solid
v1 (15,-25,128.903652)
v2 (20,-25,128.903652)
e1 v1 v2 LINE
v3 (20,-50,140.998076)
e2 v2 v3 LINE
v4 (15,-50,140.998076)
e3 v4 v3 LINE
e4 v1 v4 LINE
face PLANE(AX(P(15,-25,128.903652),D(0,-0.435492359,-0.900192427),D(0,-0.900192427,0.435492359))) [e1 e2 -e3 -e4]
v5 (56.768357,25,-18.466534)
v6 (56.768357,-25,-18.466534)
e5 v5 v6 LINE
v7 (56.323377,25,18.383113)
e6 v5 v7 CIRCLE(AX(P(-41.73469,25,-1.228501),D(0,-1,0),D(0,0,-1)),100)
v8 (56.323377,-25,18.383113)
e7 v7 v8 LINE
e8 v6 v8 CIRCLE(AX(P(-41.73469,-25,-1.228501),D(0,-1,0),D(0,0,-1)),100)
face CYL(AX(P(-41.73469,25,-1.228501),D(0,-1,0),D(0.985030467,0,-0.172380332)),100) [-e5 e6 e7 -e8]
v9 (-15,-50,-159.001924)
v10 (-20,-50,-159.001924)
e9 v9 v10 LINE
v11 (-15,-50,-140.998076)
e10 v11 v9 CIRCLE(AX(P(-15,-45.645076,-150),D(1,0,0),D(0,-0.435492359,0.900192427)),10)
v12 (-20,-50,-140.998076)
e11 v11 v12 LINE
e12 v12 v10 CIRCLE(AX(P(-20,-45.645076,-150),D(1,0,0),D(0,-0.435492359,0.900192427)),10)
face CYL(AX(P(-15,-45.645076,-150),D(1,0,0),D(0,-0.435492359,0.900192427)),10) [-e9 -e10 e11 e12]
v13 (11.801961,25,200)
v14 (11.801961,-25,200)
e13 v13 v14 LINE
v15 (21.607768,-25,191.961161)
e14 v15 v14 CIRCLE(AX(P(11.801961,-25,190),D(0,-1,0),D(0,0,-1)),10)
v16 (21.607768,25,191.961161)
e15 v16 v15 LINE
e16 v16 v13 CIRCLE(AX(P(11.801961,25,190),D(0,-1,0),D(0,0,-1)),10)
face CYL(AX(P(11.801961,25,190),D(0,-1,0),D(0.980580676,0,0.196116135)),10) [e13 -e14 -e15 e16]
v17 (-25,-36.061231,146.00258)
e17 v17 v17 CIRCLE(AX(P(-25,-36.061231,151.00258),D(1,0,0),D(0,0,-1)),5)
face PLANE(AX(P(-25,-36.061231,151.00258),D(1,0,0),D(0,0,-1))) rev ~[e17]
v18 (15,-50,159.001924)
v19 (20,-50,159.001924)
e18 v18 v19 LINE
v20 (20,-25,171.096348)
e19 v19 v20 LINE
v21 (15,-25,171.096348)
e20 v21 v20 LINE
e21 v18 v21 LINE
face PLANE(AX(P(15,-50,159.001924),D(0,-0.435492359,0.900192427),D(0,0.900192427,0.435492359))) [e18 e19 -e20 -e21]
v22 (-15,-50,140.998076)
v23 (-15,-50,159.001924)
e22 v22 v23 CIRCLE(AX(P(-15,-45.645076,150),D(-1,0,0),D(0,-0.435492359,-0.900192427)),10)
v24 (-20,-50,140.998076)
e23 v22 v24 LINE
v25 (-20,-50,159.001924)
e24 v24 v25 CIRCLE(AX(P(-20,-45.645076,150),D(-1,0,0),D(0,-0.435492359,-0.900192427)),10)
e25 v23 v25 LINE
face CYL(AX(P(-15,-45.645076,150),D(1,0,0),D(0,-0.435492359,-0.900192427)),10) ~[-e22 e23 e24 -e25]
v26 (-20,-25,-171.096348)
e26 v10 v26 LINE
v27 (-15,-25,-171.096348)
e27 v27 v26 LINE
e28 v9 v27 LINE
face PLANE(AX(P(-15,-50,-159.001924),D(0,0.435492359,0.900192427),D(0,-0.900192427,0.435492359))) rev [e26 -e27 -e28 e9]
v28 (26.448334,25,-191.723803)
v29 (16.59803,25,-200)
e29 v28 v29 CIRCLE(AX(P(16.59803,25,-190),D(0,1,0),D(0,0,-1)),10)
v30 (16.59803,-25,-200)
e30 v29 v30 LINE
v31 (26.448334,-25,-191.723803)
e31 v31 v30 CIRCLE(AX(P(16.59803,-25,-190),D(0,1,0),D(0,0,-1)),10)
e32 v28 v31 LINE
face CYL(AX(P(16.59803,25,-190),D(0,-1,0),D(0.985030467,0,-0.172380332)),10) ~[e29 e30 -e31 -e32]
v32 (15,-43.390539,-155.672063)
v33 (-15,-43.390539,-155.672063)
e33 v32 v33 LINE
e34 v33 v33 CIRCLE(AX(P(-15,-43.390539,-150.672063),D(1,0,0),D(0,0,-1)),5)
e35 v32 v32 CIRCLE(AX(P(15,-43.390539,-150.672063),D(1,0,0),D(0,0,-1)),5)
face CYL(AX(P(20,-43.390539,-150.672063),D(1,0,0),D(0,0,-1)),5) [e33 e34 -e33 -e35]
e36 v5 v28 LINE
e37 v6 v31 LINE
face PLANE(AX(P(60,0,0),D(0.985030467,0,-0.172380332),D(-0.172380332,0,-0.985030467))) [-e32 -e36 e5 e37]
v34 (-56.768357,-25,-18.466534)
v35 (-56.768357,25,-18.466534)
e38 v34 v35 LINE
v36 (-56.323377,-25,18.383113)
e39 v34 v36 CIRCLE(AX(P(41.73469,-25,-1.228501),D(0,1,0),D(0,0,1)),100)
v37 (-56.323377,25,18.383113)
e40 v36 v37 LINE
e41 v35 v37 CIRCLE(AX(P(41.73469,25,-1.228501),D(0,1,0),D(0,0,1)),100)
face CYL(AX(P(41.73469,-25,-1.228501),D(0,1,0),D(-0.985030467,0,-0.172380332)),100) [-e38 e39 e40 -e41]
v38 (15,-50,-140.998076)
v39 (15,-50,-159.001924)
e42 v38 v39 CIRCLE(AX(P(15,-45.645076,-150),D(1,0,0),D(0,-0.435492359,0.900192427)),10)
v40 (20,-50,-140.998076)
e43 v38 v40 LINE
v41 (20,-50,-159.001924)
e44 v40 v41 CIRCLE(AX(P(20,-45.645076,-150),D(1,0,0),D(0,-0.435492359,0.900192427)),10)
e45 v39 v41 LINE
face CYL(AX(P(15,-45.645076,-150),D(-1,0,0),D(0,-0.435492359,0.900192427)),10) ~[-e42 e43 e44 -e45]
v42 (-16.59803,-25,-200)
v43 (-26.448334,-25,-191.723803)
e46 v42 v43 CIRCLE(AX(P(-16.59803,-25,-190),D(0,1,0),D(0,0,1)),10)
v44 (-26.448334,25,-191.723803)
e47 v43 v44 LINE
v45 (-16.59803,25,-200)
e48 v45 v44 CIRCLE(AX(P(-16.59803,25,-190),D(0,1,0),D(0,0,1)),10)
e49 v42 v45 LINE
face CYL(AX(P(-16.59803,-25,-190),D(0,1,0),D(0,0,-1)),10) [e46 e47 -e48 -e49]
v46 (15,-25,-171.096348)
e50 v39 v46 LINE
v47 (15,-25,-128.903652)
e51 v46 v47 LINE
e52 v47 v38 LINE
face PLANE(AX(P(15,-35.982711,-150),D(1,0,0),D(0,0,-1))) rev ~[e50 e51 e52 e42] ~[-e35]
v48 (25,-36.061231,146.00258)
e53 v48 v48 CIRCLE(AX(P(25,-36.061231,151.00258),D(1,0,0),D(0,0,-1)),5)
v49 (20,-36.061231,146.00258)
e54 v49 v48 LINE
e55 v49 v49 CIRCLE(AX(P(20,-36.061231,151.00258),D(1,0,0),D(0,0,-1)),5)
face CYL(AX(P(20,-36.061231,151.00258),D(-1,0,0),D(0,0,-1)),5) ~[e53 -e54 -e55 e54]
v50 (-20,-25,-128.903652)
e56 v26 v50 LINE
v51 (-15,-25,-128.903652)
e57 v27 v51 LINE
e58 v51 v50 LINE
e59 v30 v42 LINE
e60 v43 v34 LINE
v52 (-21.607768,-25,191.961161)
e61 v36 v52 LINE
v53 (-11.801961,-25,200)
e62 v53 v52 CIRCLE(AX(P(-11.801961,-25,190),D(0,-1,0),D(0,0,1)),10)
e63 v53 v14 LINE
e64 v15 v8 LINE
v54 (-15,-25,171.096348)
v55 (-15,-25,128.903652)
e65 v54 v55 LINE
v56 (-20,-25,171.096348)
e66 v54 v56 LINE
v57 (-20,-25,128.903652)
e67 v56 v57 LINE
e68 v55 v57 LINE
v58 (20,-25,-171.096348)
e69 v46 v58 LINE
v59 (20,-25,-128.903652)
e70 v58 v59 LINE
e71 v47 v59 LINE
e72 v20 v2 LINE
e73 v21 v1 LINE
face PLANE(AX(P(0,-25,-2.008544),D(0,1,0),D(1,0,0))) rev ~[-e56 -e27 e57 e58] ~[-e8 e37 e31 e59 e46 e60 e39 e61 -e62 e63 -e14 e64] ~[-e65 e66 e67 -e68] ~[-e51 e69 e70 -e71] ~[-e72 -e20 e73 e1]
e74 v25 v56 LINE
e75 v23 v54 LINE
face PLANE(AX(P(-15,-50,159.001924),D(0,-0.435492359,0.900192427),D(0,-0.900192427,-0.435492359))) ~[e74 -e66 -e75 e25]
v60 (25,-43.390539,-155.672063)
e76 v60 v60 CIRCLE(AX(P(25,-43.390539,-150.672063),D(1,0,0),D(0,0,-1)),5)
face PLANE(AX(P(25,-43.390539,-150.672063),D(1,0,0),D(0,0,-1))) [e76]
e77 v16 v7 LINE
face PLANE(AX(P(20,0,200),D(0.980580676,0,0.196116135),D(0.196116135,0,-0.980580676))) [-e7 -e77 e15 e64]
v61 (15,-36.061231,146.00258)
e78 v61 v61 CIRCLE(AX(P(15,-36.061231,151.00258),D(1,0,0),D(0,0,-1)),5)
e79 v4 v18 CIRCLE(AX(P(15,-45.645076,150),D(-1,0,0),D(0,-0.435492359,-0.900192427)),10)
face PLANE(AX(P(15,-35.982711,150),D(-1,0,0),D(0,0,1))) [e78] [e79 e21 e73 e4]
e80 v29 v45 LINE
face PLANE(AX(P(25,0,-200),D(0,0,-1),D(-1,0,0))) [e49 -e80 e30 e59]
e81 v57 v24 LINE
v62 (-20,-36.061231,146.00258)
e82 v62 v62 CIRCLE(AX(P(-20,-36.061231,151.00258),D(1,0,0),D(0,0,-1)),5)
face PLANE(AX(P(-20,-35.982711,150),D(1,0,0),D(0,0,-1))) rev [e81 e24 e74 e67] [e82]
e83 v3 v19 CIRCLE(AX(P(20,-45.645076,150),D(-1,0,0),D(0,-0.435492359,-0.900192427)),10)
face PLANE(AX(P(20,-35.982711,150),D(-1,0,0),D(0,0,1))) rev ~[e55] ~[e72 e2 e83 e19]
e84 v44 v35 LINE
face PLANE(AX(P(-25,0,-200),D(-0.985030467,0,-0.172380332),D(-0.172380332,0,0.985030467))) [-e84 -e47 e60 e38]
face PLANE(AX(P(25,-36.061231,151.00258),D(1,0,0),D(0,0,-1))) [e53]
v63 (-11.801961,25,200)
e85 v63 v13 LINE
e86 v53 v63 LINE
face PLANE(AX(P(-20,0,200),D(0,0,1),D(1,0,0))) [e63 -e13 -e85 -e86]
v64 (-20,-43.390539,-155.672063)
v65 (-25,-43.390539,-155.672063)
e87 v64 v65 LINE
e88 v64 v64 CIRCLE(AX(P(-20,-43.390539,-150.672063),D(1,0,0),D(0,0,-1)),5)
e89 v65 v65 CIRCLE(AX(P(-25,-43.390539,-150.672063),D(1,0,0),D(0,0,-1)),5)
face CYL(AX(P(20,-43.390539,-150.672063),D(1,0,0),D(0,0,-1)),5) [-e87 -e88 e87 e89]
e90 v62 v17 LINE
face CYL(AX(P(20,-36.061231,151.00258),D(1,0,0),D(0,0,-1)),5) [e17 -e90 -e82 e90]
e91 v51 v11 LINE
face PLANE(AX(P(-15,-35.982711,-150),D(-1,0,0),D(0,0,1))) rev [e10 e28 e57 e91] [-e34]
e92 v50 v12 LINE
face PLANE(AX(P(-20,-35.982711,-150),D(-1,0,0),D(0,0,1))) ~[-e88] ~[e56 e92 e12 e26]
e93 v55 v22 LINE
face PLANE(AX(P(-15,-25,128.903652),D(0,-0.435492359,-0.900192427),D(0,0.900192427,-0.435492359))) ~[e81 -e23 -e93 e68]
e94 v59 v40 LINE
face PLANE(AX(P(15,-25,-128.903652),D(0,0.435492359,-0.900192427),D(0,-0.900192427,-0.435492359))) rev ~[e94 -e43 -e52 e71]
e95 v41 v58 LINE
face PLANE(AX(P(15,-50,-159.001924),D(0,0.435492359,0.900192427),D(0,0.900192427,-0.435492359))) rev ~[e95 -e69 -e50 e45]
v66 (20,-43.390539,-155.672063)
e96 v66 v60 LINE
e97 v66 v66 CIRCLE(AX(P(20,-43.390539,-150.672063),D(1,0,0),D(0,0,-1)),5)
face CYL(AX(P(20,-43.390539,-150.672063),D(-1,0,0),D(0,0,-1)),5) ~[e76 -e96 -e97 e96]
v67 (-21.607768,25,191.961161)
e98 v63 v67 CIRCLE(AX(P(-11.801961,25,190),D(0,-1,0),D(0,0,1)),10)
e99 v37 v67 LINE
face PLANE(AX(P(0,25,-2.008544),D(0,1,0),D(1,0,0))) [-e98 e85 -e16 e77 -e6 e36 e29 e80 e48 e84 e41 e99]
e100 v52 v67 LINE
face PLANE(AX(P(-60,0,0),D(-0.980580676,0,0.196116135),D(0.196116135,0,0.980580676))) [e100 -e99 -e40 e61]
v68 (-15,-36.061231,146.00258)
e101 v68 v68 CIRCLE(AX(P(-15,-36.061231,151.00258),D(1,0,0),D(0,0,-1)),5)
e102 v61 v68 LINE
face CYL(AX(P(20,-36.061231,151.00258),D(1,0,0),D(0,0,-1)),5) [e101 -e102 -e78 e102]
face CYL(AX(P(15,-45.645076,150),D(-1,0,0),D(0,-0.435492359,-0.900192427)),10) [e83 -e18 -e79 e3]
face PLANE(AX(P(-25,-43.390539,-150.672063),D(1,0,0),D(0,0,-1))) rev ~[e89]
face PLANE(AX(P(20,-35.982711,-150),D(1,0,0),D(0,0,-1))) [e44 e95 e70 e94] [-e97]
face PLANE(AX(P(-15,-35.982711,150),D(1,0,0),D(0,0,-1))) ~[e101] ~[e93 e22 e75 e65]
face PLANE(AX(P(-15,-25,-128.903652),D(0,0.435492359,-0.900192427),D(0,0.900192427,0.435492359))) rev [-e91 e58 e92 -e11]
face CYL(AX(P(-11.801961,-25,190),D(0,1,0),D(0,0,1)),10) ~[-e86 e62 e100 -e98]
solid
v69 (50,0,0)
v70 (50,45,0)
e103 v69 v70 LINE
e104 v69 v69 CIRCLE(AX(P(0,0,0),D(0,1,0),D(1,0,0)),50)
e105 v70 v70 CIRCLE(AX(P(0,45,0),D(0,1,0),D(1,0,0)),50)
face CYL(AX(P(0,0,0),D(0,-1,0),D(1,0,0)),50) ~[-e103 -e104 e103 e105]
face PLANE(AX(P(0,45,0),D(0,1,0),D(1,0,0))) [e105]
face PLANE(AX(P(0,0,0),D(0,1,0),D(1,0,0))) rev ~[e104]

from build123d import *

# Parameters (mm, degrees)
BOSS_EXTRUDE1_DEPTH      = 25
BOSS_EXTRUDE1_DEPTH_BACK = 25
SKETCH3_R                = 50
BOSS_EXTRUDE2_DEPTH      = 45
BOSS_EXTRUDE3_DEPTH      = 5
FILLET1_R                = 100
FILLET3_R                = 10
BOSS_EXTRUDE4_DEPTH      = 5
BOSS_EXTRUDE4_DEPTH_BACK = 45
SKETCH7_R                = 5
BOSS_EXTRUDE5_DEPTH      = 5
BOSS_EXTRUDE5_DEPTH_BACK = 45
SKETCH8_R                = 5


with BuildPart() as part:
    # Sketch2 → Boss-Extrude1 (new, two sides: drawn at the far end of the back side and taken through both)
    with BuildSketch(Plane(origin=(0, 0, 0), x_dir=(1, 0, 0), z_dir=(0, 1, 0)).offset(-BOSS_EXTRUDE1_DEPTH_BACK)):
        Polygon((25, 200), (-25, 200), (-60, 0), (-20, -200), (20, -200), (60, 0), align=None)
    extrude(amount=BOSS_EXTRUDE1_DEPTH + BOSS_EXTRUDE1_DEPTH_BACK)

    # Sketch6 → Boss-Extrude3 (add)
    with BuildSketch(Plane(origin=(15, 0, 0), x_dir=(0, 0, -1), z_dir=(1, 0, 0))):
        with BuildLine():
            Line((128.903651647, -25), (140.998075731, -50))
            ThreePointArc((140.998075731, -50), (150, -55.645076413), (159.001924269, -50))
            Line((159.001924269, -50), (171.096348353, -25))
            Line((171.096348353, -25), (128.903651647, -25))
        make_face()
        with BuildLine():
            Line((-128.903651647, -25), (-140.998075731, -50))
            ThreePointArc((-140.998075731, -50), (-150, -55.645076413), (-159.001924269, -50))
            Line((-159.001924269, -50), (-171.096348353, -25))
            Line((-171.096348353, -25), (-128.903651647, -25))
        make_face()
    boss_extrude3 = extrude(amount=BOSS_EXTRUDE3_DEPTH)

    # Mirror2: Boss-Extrude3 across plane
    add(boss_extrude3.mirror(Plane(origin=(0, 0, 0), x_dir=(0, 0, 1), z_dir=(1, 0, 0))))

    # Fillet1
    fillet1_edges = [part.edges().sort_by_distance(p)[0] for p in [
        (60, 0, 0),
        (-60, 0, 0),
    ]]
    fillet(fillet1_edges, radius=FILLET1_R)

    # Fillet3
    fillet3_edges = [part.edges().sort_by_distance(p)[0] for p in [
        (20, 0, 200),
        (-20, 0, 200),
        (25, 0, -200),
        (-25, 0, -200),
    ]]
    fillet(fillet3_edges, radius=FILLET3_R)

    # Sketch7 → Boss-Extrude4 (add, two sides: drawn at the far end of the back side and taken through both)
    with BuildSketch(Plane(origin=(20, 0, 0), x_dir=(0, 0, -1), z_dir=(1, 0, 0)).offset(-BOSS_EXTRUDE4_DEPTH_BACK)):
        with Locations((-151.00257991, -36.061231276)):
            Circle(SKETCH7_R)
    extrude(amount=BOSS_EXTRUDE4_DEPTH + BOSS_EXTRUDE4_DEPTH_BACK)

    # Sketch8 → Boss-Extrude5 (add, two sides: drawn at the far end of the back side and taken through both)
    with BuildSketch(Plane(origin=(20, 0, 0), x_dir=(0, 0, -1), z_dir=(1, 0, 0)).offset(-BOSS_EXTRUDE5_DEPTH_BACK)):
        with Locations((150.672063463, -43.390539475)):
            Circle(SKETCH8_R)
    extrude(amount=BOSS_EXTRUDE5_DEPTH + BOSS_EXTRUDE5_DEPTH_BACK)


with BuildPart() as body_2:
    # Sketch3 → Boss-Extrude2 (new body)
    with BuildSketch(Plane(origin=(0, 0, 0), x_dir=(1, 0, 0), z_dir=(0, 1, 0))):
        Circle(SKETCH3_R)
    extrude(amount=BOSS_EXTRUDE2_DEPTH)


solid = Compound([part.part, body_2.part])
